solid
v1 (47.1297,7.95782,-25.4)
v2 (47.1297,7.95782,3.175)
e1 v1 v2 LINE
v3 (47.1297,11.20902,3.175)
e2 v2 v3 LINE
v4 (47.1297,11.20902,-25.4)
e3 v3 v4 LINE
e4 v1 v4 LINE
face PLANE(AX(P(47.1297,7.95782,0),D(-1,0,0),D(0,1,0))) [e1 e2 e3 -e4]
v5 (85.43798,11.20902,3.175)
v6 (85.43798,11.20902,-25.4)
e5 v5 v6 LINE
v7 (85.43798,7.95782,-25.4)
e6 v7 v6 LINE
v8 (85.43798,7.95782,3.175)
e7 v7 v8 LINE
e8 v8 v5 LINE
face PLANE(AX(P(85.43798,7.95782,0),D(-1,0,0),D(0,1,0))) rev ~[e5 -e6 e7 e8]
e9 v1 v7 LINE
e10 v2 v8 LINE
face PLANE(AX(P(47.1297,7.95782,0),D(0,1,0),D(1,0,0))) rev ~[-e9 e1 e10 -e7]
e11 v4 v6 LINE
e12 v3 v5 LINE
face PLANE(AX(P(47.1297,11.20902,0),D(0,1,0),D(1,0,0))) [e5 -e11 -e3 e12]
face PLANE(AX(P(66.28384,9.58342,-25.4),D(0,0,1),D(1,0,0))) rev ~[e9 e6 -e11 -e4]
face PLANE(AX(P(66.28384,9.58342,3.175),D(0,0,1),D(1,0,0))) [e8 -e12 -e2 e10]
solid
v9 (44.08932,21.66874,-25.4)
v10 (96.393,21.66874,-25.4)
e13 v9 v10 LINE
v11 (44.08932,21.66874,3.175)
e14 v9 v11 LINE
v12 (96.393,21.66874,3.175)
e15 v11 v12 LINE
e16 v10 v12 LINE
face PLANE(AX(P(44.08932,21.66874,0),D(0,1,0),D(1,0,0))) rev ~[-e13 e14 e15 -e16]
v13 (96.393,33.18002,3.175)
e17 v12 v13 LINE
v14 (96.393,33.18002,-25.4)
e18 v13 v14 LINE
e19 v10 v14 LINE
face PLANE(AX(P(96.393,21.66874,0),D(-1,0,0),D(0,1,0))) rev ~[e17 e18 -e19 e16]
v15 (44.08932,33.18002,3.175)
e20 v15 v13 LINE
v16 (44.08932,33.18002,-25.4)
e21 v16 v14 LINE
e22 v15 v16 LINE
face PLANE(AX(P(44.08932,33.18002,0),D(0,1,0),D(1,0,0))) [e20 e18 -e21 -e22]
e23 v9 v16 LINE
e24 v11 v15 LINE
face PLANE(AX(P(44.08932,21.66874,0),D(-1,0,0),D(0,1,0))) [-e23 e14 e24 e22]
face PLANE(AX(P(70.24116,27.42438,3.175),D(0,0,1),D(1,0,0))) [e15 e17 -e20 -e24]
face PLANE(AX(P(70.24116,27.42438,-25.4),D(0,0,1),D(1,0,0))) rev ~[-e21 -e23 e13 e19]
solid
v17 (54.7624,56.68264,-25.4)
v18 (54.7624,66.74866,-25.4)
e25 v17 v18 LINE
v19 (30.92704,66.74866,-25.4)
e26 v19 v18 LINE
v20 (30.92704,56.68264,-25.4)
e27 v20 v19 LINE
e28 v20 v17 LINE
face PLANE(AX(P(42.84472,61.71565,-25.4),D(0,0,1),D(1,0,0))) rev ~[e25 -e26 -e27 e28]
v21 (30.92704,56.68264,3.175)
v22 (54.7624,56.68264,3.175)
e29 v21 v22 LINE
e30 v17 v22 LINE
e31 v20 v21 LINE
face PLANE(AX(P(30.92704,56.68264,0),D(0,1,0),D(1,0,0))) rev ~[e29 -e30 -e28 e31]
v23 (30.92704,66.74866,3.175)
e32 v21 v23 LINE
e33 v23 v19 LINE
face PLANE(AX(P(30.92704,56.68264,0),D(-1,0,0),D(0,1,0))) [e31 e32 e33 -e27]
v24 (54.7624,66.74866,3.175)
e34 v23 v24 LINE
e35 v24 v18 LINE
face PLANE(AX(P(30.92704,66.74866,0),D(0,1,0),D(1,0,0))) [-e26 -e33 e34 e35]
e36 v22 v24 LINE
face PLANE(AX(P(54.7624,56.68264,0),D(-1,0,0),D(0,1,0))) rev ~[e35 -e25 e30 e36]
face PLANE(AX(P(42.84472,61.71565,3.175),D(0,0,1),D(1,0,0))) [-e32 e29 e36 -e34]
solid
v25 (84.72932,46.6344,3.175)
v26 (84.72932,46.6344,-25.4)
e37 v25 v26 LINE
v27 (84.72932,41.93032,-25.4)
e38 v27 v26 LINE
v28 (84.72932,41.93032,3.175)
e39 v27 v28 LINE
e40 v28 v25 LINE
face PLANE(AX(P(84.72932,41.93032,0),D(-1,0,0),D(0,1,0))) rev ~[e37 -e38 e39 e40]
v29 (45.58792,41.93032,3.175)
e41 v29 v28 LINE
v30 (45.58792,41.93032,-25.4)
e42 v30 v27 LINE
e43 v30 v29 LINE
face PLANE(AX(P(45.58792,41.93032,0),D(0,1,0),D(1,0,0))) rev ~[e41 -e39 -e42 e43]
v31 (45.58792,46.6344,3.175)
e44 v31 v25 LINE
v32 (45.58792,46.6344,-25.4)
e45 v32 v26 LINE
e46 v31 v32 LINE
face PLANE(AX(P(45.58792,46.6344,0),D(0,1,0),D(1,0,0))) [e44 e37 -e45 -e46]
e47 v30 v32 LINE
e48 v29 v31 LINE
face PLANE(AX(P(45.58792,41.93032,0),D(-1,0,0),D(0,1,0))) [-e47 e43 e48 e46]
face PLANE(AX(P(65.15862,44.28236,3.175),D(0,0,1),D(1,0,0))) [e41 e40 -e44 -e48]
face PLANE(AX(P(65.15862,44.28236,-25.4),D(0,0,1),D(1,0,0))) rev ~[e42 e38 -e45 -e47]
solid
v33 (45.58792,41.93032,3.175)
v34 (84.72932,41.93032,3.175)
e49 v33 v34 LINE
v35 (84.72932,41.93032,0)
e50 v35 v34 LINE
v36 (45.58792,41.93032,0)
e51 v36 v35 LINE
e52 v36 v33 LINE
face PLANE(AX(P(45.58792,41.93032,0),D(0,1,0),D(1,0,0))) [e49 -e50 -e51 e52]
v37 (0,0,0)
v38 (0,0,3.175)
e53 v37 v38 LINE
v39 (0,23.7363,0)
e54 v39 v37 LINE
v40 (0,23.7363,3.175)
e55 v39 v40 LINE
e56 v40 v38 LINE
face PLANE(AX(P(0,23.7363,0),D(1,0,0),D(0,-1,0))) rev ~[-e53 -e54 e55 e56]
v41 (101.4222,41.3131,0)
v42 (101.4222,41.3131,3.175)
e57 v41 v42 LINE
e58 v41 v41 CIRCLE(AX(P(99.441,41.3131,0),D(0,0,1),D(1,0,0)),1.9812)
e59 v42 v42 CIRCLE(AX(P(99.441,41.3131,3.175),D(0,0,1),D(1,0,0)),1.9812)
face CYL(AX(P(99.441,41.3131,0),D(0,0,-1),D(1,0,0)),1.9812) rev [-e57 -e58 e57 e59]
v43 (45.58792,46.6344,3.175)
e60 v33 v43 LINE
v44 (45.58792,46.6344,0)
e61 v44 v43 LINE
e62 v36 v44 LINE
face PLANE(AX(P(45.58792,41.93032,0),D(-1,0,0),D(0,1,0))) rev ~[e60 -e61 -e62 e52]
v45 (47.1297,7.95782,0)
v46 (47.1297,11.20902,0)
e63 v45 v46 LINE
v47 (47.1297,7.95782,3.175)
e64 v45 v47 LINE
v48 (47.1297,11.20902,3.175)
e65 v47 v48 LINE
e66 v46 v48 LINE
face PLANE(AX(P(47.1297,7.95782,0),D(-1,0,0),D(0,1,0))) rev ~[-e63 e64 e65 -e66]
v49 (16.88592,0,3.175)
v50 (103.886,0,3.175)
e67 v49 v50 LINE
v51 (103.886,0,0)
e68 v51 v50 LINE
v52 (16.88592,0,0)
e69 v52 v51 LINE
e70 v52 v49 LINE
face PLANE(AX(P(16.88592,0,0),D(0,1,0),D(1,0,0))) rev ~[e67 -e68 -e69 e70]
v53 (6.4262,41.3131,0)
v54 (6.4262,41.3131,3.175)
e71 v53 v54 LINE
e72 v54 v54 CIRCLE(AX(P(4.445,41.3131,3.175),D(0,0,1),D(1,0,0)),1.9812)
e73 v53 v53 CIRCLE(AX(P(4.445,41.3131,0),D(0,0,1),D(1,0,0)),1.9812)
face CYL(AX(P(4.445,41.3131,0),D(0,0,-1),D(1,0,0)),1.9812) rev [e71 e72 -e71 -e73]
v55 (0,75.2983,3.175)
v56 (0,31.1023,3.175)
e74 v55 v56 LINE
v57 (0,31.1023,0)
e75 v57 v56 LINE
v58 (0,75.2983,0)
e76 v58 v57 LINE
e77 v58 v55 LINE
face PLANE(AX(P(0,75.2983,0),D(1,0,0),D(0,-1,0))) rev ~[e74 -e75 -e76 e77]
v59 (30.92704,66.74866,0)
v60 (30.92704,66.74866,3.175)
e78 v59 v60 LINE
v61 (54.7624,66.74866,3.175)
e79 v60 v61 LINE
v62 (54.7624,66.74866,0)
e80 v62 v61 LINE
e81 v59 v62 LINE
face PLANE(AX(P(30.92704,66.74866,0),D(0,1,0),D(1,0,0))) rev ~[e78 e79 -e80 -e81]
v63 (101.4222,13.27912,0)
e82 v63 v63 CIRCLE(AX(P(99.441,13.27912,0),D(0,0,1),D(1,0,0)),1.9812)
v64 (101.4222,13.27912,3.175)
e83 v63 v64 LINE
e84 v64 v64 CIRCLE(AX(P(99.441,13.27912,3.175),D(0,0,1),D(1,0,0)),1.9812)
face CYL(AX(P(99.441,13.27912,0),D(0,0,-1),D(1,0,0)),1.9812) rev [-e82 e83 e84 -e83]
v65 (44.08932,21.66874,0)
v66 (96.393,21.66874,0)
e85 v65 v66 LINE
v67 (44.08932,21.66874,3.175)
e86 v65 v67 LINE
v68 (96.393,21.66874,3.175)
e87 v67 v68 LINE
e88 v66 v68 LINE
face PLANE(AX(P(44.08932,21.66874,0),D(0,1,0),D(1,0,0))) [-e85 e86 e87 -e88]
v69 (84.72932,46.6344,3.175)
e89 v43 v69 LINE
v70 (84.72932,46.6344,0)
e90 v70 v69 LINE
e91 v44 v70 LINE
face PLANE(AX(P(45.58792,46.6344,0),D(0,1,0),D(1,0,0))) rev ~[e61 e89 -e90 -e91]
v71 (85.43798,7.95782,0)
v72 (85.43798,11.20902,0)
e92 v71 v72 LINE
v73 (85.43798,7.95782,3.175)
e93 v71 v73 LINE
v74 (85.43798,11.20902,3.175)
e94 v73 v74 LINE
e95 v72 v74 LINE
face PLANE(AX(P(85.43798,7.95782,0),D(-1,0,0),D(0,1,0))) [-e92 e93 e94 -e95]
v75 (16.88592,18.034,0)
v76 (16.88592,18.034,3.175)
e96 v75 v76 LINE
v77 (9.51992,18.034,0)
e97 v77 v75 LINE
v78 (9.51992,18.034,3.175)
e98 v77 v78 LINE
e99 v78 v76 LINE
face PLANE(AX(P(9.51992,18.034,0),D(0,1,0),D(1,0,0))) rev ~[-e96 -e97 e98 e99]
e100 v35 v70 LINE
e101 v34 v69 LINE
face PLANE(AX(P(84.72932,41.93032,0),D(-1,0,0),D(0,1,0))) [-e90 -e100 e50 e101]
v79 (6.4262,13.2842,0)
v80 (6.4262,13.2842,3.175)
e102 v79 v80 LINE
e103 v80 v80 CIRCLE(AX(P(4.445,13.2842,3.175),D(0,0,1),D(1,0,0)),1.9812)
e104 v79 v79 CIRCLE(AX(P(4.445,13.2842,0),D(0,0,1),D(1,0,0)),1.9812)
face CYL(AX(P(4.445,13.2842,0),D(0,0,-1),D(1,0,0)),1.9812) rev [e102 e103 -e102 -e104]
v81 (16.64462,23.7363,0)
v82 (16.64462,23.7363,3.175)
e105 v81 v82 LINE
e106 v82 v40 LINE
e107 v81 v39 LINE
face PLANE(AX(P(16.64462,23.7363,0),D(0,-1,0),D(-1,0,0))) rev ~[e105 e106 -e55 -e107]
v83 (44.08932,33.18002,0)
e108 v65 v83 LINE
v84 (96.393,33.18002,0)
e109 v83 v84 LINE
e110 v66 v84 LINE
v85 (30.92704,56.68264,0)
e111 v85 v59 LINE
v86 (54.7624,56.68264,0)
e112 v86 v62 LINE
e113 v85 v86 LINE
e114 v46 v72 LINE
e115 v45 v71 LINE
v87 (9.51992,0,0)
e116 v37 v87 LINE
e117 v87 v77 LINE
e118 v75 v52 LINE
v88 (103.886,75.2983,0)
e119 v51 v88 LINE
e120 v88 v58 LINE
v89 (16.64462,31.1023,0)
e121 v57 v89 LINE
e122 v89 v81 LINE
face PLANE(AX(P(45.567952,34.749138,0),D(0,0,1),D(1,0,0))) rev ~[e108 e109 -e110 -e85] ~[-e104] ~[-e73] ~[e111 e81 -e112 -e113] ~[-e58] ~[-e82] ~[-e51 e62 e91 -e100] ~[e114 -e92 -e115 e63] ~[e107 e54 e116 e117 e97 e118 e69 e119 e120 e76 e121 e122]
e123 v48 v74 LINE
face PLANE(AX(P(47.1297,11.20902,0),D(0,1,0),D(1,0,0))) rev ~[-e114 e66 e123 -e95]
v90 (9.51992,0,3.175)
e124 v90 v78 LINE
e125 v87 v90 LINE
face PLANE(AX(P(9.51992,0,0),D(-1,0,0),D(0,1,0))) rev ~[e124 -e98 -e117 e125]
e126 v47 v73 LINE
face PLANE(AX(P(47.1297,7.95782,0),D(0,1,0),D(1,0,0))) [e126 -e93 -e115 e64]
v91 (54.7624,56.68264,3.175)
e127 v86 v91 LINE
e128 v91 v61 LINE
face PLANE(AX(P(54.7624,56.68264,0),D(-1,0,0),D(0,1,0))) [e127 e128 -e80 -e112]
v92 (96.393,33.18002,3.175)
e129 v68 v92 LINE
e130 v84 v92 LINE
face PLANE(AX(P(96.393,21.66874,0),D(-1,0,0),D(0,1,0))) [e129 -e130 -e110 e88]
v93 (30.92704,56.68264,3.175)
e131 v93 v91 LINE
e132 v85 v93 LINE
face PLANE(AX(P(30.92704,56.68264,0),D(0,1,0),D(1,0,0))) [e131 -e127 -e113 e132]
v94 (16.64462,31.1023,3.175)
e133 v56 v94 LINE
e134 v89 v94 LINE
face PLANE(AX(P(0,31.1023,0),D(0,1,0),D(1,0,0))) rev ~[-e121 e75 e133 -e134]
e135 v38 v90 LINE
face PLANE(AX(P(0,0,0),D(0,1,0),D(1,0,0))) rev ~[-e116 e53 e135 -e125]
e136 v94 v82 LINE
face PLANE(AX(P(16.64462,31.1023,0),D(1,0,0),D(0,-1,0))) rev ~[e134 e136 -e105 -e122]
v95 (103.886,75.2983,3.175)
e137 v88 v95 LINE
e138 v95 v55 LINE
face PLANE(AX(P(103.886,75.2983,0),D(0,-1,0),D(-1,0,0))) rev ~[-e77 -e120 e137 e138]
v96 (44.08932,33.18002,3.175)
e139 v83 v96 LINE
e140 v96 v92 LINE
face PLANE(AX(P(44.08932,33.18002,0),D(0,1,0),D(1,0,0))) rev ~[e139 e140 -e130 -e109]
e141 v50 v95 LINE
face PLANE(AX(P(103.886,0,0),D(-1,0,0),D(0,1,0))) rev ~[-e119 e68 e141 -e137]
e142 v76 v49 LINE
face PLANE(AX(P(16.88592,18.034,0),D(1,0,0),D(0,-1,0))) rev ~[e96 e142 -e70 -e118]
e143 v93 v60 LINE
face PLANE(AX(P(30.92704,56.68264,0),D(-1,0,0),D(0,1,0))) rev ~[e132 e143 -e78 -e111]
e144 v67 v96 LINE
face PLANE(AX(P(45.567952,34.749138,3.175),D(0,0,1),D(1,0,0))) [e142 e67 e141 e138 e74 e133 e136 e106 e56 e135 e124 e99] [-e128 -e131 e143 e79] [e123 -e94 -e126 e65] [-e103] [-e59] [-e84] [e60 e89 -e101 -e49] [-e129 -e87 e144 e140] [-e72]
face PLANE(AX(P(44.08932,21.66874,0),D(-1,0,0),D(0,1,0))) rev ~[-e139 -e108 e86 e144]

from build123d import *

# Parameters (mm, degrees)
F0_W          = 52.30368
F0_H          = 11.51128
F1_DEPTH      = 25.4
F1_DEPTH_BACK = 3.175
F0_W_2        = 38.30828
F0_H_2        = 3.2512
F0_W_3        = 39.1414
F0_H_3        = 4.70408
F0_W_4        = 23.83536
F0_H_4        = 10.06602
F0_R          = 1.9812
F2_DEPTH      = 3.175


with BuildPart() as f1:
    # F0 (on Top) → F1 (new body, two sides)
    with BuildSketch(Plane.XY) as f1_sk:
        with Locations((70.24116, 27.42438)):
            Rectangle(F0_W, F0_H)
    extrude(amount=-F1_DEPTH)
    extrude(f1_sk.sketch, amount=F1_DEPTH_BACK)


with BuildPart() as f1b:
    # F0 (on Top) → F1, piece 2 (new body, two sides)
    with BuildSketch(Plane.XY) as f1_2_sk:
        with Locations((66.28384, 9.58342)):
            Rectangle(F0_W_2, F0_H_2)
    extrude(amount=-F1_DEPTH)
    extrude(f1_2_sk.sketch, amount=F1_DEPTH_BACK)


with BuildPart() as f1c:
    # F0 (on Top) → F1, piece 3 (new body, two sides)
    with BuildSketch(Plane.XY) as f1_3_sk:
        with Locations((65.15862, 44.28236)):
            Rectangle(F0_W_3, F0_H_3)
    extrude(amount=-F1_DEPTH)
    extrude(f1_3_sk.sketch, amount=F1_DEPTH_BACK)


with BuildPart() as f1d:
    # F0 (on Top) → F1, piece 4 (new body, two sides)
    with BuildSketch(Plane.XY) as f1_4_sk:
        with Locations((42.84472, 61.71565)):
            Rectangle(F0_W_4, F0_H_4)
    extrude(amount=-F1_DEPTH)
    extrude(f1_4_sk.sketch, amount=F1_DEPTH_BACK)


with BuildPart() as f2:
    # F0 (on Top) → F2 (new body)
    with BuildSketch(Plane.XY):
        Polygon((0, 23.7363), (0, 0), (9.51992, 0), (9.51992, 18.034), (16.88592, 18.034), (16.88592, 0), (103.886, 0), (103.886, 75.2983), (0, 75.2983), (0, 31.1023), (16.64462, 31.1023), (16.64462, 23.7363), align=None)
        with Locations((4.445, 13.2842)):
            Circle(F0_R, mode=Mode.SUBTRACT)
        with Locations((66.28384, 9.58342)):
            Rectangle(F0_W_2, F0_H_2, mode=Mode.SUBTRACT)
        with Locations((99.441, 13.27912)):
            Circle(F0_R, mode=Mode.SUBTRACT)
        with Locations((70.24116, 27.42438)):
            Rectangle(F0_W, F0_H, mode=Mode.SUBTRACT)
        with Locations((4.445, 41.3131)):
            Circle(F0_R, mode=Mode.SUBTRACT)
        with Locations((42.84472, 61.71565)):
            Rectangle(F0_W_4, F0_H_4, mode=Mode.SUBTRACT)
        with Locations((65.15862, 44.28236)):
            Rectangle(F0_W_3, F0_H_3, mode=Mode.SUBTRACT)
        with Locations((99.441, 41.3131)):
            Circle(F0_R, mode=Mode.SUBTRACT)
    extrude(amount=F2_DEPTH)


solid = Compound([f1.part, f1b.part, f1c.part, f1d.part, f2.part])
